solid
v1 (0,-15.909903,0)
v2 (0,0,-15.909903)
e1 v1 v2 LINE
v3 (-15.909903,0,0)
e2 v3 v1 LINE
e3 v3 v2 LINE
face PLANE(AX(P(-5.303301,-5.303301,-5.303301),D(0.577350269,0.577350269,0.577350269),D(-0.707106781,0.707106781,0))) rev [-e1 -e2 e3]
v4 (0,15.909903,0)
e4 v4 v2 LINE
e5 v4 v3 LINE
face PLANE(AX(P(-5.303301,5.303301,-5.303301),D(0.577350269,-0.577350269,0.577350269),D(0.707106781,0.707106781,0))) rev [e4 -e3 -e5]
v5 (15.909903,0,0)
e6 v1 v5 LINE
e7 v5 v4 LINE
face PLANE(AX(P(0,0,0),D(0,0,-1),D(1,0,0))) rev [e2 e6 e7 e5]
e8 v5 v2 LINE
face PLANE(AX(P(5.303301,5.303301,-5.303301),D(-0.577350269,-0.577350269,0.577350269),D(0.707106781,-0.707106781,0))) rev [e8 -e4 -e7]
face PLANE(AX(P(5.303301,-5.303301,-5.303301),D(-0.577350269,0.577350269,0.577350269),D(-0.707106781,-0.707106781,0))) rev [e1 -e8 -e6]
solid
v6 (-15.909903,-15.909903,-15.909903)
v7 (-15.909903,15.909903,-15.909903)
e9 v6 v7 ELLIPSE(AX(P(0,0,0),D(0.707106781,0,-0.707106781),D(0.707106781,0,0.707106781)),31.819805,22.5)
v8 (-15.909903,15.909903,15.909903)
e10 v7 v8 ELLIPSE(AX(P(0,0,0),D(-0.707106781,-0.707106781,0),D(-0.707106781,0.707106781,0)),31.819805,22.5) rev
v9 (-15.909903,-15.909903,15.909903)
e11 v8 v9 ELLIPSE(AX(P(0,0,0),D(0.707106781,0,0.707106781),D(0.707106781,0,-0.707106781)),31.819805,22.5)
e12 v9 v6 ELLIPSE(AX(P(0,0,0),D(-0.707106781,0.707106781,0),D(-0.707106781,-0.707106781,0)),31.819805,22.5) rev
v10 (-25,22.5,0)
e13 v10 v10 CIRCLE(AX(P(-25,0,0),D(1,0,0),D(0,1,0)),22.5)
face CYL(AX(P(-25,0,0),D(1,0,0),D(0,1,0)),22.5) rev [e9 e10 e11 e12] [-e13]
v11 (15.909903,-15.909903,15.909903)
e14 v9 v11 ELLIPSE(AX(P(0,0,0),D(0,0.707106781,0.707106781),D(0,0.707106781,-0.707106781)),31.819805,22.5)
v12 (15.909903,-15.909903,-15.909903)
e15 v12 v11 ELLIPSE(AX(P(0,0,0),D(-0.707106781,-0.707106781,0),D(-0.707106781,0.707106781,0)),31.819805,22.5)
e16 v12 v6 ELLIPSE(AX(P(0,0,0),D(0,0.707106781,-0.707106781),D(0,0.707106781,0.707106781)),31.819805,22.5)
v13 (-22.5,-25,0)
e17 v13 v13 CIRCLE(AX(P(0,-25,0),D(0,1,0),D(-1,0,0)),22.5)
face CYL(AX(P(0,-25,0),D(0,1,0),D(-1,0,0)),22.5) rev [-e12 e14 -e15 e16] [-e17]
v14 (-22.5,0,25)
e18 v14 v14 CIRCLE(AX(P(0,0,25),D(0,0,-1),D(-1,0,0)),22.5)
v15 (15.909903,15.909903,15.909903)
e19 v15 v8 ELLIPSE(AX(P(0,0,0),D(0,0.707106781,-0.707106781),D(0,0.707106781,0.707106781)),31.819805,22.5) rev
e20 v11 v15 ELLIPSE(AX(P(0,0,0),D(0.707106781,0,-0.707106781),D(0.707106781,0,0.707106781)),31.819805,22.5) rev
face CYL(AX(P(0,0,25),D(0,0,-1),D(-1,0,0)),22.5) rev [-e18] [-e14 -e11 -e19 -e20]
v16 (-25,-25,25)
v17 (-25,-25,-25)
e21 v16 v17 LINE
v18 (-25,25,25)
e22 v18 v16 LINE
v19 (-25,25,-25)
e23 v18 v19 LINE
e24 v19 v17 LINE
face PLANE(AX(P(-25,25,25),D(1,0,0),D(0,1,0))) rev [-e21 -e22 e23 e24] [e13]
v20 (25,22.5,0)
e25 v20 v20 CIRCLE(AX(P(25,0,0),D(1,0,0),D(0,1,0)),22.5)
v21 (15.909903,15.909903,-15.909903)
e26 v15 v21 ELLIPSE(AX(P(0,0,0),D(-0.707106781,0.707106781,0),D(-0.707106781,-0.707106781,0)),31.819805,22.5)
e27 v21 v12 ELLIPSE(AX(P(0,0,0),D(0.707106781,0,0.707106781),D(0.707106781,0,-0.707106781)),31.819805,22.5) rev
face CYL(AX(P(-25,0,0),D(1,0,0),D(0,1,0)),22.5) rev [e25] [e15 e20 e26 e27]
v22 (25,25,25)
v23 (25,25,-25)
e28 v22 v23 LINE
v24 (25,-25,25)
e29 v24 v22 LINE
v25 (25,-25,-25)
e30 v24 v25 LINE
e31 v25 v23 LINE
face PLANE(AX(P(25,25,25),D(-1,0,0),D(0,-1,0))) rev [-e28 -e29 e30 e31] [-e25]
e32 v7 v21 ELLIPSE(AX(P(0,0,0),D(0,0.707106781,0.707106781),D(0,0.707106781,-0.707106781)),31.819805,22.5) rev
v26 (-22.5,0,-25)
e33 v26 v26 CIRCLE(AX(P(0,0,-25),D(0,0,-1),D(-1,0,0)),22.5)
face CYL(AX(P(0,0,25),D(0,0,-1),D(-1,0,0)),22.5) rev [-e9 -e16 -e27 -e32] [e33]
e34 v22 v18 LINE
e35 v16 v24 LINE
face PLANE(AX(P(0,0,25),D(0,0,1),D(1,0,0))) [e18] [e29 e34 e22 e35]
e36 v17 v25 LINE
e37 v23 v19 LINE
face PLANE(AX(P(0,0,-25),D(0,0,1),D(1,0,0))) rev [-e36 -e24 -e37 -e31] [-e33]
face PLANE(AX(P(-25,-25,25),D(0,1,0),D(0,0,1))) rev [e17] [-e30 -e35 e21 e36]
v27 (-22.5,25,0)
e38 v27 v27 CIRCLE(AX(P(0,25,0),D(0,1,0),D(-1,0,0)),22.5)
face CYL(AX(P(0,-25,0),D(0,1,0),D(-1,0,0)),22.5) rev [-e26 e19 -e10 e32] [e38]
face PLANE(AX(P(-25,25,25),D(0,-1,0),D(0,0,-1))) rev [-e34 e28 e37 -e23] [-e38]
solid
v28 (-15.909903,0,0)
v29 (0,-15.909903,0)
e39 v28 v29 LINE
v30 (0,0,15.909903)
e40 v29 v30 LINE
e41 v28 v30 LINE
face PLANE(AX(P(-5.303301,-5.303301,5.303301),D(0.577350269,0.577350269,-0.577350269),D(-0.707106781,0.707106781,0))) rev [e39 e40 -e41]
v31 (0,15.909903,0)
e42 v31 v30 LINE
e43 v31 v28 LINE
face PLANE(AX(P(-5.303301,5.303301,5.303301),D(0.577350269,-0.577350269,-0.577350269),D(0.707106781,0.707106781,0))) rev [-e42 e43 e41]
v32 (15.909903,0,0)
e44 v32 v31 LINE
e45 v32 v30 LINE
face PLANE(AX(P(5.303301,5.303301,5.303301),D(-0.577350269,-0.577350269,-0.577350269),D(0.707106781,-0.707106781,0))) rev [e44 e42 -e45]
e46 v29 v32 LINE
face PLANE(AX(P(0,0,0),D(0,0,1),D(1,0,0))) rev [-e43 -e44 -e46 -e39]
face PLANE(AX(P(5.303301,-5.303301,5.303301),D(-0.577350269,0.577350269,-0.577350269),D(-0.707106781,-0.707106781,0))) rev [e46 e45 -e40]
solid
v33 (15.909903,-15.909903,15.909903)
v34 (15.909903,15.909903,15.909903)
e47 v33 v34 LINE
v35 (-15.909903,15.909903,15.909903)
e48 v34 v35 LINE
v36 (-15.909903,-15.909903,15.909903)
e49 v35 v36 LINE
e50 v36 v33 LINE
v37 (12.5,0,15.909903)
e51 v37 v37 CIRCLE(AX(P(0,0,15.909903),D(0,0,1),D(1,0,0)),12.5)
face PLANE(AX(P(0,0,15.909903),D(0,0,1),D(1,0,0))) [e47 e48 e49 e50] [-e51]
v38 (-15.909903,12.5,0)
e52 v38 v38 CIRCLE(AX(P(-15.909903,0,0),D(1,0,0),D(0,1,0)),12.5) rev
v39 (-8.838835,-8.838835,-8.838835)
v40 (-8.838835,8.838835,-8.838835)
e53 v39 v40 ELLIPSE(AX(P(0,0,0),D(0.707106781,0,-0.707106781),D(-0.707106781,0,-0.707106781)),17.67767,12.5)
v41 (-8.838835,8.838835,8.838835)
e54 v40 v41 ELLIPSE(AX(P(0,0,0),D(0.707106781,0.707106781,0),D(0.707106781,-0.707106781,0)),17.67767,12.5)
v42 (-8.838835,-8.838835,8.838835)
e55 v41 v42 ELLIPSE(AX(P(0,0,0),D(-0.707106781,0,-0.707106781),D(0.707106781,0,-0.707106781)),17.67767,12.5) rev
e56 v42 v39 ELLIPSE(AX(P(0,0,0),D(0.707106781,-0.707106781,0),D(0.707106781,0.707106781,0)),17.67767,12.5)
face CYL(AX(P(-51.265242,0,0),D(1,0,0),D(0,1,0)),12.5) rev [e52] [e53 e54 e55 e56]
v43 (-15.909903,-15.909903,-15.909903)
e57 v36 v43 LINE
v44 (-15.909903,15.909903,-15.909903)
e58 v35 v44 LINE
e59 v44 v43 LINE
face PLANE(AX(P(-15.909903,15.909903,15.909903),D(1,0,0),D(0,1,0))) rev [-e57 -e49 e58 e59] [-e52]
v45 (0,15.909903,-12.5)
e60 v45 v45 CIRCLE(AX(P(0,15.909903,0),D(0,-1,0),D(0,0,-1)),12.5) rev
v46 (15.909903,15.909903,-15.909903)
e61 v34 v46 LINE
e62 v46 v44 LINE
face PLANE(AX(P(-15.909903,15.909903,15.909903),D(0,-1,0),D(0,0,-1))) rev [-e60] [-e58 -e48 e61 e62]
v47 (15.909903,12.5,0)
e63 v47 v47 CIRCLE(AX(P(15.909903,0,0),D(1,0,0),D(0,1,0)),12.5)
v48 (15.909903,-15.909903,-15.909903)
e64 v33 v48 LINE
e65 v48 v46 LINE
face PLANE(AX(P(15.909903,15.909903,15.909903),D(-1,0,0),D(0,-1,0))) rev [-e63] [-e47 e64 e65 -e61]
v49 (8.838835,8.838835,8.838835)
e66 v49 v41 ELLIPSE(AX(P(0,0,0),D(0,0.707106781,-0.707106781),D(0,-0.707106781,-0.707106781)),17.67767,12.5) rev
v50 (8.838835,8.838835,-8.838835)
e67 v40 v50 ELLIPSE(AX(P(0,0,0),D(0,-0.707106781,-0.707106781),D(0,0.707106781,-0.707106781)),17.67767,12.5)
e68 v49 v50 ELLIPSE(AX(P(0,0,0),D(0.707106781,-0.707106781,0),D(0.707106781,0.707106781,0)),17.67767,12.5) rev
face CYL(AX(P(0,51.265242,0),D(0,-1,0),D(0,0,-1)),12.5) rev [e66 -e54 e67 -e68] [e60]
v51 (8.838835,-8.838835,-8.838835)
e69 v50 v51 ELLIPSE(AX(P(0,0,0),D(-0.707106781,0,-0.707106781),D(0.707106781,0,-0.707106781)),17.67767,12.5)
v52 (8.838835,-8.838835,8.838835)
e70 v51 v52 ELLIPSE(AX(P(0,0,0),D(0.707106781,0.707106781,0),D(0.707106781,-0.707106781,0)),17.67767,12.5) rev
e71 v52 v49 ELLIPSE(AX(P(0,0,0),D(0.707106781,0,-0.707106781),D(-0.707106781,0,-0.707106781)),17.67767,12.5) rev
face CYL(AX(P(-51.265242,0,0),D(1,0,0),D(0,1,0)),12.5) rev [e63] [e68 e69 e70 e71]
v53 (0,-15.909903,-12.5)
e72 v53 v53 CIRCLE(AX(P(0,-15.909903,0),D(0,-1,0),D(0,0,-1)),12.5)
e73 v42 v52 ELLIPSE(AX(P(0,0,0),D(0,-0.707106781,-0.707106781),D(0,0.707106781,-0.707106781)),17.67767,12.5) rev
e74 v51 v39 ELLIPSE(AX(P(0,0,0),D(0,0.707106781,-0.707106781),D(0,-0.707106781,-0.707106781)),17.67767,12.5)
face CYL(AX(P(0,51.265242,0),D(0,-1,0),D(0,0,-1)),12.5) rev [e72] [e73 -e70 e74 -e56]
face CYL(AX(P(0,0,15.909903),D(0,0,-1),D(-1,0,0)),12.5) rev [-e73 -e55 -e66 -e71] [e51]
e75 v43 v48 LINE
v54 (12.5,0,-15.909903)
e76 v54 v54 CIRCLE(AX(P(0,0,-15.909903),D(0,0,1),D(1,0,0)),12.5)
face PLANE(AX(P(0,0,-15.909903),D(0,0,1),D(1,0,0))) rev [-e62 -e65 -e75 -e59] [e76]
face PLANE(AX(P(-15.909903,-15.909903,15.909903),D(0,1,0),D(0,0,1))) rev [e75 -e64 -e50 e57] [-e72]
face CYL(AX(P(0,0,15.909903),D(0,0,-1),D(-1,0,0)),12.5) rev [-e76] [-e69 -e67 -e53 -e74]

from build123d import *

# Parameters (mm, degrees)
SKETCH_1_W               = 50
SKETCH_1_H               = 50
EXTRUDE_1_DEPTH          = 25
SKETCH_2_R               = 22.5
CUT_EXTRUDE_1_DEPTH      = 62.23724357
PATTERN_CIRCULAR_1_COUNT = 4
SKETCH_3_R               = 22.5
CUT_EXTRUDE_2_DEPTH      = 62.23724357
EXTRUDE_3_DEPTH          = 15.909903
EXTRUDE_3_DEPTH_BACK     = 15.909903
SKETCH_4_W               = 31.819805154
SKETCH_4_H               = 31.819805154
SKETCH_4_R               = 12.5
CUT_EXTRUDE_4_REACH      = 56.071
SKETCH_6_R               = 12.5
CUT_EXTRUDE_5_REACH      = 56.071
SKETCH_7_R               = 12.5


with BuildPart() as part:
    # 草图1 → 凸台-拉伸1 (new, symmetric)
    with BuildSketch(Plane.XY):
        Rectangle(SKETCH_1_W, SKETCH_1_H)
    extrude(amount=EXTRUDE_1_DEPTH, both=True)

    # 草图2 → 切除-拉伸1 (cut, through all)
    with BuildSketch(Plane(origin=(25, 0, 0), x_dir=(0, 0, -1), z_dir=(1, 0, 0))):
        with Locations(Location((0, 0, 0), (0, 0, 90))):
            Circle(SKETCH_2_R)
    cut_extrude_1 = extrude(amount=-CUT_EXTRUDE_1_DEPTH, mode=Mode.SUBTRACT)

    # 阵列(圆周)1: 切除-拉伸1 ×4 about axis
    pattern_circular_1_axis = Axis((0, 0, 0), (0, 0, 1))
    for i in range(1, PATTERN_CIRCULAR_1_COUNT):
        add(cut_extrude_1.rotate(pattern_circular_1_axis, i * 360 / PATTERN_CIRCULAR_1_COUNT), mode=Mode.SUBTRACT)

    # 草图3 → 切除-拉伸2 (cut, through all)
    with BuildSketch(Plane(origin=(0, 0, -25), x_dir=(-1, 0, 0), z_dir=(0, 0, -1))):
        Circle(SKETCH_3_R)
    extrude(amount=-CUT_EXTRUDE_2_DEPTH, mode=Mode.SUBTRACT)


with BuildPart() as body_2:
    # 草图4 → 凸台-拉伸3 (new, two sides: drawn at the far end of the back side and taken through both)
    with BuildSketch(Plane.XY.offset(-EXTRUDE_3_DEPTH_BACK)):
        Rectangle(SKETCH_4_W, SKETCH_4_H)
        Circle(SKETCH_4_R, mode=Mode.SUBTRACT)
    extrude(amount=EXTRUDE_3_DEPTH + EXTRUDE_3_DEPTH_BACK)

    # 切除-拉伸4: up to this face of the body (flat: up to its plane)
    cut_extrude_4_end = Plane(body_2.part.faces().sort_by_distance((-15.909902577, 0, 0))[0])
    # 草图6 → 切除-拉伸4 (cut, up to the picked face)
    with BuildSketch(Plane(origin=(15.909902577, 0, 0), x_dir=(0, 0, -1), z_dir=(1, 0, 0)), mode=Mode.PRIVATE) as cut_extrude_4_sk1:
        with Locations(Location((0, 0, 0), (0, 0, 90))):
            Circle(SKETCH_6_R)
    cut_extrude_4_tool1 = split(extrude(cut_extrude_4_sk1.sketch, amount=-CUT_EXTRUDE_4_REACH, mode=Mode.PRIVATE), bisect_by=cut_extrude_4_end, keep=Keep.BOTH, mode=Mode.PRIVATE)
    add(cut_extrude_4_tool1.solids().sort_by(Axis((15.909903, 0, 0), (-1, 0, 0)))[0], mode=Mode.SUBTRACT)

    # 切除-拉伸5: up to this face of the body (flat: up to its plane)
    cut_extrude_5_end = Plane(body_2.part.faces().sort_by_distance((0, 15.909902577, 0))[0])
    # 草图7 → 切除-拉伸5 (cut, up to the picked face)
    with BuildSketch(Plane.XZ.offset(15.909902577), mode=Mode.PRIVATE) as cut_extrude_5_sk1:
        with Locations(Location((0, 0, 0), (0, 0, 270))):
            Circle(SKETCH_7_R)
    cut_extrude_5_tool1 = split(extrude(cut_extrude_5_sk1.sketch, amount=-CUT_EXTRUDE_5_REACH, mode=Mode.PRIVATE), bisect_by=cut_extrude_5_end, keep=Keep.BOTH, mode=Mode.PRIVATE)
    add(cut_extrude_5_tool1.solids().sort_by(Axis((0, -15.909903, 0), (0, 1, 0)))[0], mode=Mode.SUBTRACT)


with BuildPart() as body_3:
    # 草图14 → 放样3 section 0
    with BuildSketch(Plane.XY, mode=Mode.PRIVATE) as loft_3_s0:
        with BuildLine():
            Line((0, 15.909902577), (-15.909902577, 0))
            Line((-15.909902577, 0), (0, -15.909902577))
            Line((0, -15.909902577), (15.909902577, 0))
            Line((15.909902577, 0), (0, 15.909902577))
        make_face()
    loft([loft_3_s0.sketch, Vertex(0, 0, 15.909902577)])


with BuildPart() as body_4:
    # 镜向3: mirrored copy
    add(body_3.part.mirror(Plane.XY))


solid = Compound([part.part, body_2.part, body_3.part, body_4.part])
